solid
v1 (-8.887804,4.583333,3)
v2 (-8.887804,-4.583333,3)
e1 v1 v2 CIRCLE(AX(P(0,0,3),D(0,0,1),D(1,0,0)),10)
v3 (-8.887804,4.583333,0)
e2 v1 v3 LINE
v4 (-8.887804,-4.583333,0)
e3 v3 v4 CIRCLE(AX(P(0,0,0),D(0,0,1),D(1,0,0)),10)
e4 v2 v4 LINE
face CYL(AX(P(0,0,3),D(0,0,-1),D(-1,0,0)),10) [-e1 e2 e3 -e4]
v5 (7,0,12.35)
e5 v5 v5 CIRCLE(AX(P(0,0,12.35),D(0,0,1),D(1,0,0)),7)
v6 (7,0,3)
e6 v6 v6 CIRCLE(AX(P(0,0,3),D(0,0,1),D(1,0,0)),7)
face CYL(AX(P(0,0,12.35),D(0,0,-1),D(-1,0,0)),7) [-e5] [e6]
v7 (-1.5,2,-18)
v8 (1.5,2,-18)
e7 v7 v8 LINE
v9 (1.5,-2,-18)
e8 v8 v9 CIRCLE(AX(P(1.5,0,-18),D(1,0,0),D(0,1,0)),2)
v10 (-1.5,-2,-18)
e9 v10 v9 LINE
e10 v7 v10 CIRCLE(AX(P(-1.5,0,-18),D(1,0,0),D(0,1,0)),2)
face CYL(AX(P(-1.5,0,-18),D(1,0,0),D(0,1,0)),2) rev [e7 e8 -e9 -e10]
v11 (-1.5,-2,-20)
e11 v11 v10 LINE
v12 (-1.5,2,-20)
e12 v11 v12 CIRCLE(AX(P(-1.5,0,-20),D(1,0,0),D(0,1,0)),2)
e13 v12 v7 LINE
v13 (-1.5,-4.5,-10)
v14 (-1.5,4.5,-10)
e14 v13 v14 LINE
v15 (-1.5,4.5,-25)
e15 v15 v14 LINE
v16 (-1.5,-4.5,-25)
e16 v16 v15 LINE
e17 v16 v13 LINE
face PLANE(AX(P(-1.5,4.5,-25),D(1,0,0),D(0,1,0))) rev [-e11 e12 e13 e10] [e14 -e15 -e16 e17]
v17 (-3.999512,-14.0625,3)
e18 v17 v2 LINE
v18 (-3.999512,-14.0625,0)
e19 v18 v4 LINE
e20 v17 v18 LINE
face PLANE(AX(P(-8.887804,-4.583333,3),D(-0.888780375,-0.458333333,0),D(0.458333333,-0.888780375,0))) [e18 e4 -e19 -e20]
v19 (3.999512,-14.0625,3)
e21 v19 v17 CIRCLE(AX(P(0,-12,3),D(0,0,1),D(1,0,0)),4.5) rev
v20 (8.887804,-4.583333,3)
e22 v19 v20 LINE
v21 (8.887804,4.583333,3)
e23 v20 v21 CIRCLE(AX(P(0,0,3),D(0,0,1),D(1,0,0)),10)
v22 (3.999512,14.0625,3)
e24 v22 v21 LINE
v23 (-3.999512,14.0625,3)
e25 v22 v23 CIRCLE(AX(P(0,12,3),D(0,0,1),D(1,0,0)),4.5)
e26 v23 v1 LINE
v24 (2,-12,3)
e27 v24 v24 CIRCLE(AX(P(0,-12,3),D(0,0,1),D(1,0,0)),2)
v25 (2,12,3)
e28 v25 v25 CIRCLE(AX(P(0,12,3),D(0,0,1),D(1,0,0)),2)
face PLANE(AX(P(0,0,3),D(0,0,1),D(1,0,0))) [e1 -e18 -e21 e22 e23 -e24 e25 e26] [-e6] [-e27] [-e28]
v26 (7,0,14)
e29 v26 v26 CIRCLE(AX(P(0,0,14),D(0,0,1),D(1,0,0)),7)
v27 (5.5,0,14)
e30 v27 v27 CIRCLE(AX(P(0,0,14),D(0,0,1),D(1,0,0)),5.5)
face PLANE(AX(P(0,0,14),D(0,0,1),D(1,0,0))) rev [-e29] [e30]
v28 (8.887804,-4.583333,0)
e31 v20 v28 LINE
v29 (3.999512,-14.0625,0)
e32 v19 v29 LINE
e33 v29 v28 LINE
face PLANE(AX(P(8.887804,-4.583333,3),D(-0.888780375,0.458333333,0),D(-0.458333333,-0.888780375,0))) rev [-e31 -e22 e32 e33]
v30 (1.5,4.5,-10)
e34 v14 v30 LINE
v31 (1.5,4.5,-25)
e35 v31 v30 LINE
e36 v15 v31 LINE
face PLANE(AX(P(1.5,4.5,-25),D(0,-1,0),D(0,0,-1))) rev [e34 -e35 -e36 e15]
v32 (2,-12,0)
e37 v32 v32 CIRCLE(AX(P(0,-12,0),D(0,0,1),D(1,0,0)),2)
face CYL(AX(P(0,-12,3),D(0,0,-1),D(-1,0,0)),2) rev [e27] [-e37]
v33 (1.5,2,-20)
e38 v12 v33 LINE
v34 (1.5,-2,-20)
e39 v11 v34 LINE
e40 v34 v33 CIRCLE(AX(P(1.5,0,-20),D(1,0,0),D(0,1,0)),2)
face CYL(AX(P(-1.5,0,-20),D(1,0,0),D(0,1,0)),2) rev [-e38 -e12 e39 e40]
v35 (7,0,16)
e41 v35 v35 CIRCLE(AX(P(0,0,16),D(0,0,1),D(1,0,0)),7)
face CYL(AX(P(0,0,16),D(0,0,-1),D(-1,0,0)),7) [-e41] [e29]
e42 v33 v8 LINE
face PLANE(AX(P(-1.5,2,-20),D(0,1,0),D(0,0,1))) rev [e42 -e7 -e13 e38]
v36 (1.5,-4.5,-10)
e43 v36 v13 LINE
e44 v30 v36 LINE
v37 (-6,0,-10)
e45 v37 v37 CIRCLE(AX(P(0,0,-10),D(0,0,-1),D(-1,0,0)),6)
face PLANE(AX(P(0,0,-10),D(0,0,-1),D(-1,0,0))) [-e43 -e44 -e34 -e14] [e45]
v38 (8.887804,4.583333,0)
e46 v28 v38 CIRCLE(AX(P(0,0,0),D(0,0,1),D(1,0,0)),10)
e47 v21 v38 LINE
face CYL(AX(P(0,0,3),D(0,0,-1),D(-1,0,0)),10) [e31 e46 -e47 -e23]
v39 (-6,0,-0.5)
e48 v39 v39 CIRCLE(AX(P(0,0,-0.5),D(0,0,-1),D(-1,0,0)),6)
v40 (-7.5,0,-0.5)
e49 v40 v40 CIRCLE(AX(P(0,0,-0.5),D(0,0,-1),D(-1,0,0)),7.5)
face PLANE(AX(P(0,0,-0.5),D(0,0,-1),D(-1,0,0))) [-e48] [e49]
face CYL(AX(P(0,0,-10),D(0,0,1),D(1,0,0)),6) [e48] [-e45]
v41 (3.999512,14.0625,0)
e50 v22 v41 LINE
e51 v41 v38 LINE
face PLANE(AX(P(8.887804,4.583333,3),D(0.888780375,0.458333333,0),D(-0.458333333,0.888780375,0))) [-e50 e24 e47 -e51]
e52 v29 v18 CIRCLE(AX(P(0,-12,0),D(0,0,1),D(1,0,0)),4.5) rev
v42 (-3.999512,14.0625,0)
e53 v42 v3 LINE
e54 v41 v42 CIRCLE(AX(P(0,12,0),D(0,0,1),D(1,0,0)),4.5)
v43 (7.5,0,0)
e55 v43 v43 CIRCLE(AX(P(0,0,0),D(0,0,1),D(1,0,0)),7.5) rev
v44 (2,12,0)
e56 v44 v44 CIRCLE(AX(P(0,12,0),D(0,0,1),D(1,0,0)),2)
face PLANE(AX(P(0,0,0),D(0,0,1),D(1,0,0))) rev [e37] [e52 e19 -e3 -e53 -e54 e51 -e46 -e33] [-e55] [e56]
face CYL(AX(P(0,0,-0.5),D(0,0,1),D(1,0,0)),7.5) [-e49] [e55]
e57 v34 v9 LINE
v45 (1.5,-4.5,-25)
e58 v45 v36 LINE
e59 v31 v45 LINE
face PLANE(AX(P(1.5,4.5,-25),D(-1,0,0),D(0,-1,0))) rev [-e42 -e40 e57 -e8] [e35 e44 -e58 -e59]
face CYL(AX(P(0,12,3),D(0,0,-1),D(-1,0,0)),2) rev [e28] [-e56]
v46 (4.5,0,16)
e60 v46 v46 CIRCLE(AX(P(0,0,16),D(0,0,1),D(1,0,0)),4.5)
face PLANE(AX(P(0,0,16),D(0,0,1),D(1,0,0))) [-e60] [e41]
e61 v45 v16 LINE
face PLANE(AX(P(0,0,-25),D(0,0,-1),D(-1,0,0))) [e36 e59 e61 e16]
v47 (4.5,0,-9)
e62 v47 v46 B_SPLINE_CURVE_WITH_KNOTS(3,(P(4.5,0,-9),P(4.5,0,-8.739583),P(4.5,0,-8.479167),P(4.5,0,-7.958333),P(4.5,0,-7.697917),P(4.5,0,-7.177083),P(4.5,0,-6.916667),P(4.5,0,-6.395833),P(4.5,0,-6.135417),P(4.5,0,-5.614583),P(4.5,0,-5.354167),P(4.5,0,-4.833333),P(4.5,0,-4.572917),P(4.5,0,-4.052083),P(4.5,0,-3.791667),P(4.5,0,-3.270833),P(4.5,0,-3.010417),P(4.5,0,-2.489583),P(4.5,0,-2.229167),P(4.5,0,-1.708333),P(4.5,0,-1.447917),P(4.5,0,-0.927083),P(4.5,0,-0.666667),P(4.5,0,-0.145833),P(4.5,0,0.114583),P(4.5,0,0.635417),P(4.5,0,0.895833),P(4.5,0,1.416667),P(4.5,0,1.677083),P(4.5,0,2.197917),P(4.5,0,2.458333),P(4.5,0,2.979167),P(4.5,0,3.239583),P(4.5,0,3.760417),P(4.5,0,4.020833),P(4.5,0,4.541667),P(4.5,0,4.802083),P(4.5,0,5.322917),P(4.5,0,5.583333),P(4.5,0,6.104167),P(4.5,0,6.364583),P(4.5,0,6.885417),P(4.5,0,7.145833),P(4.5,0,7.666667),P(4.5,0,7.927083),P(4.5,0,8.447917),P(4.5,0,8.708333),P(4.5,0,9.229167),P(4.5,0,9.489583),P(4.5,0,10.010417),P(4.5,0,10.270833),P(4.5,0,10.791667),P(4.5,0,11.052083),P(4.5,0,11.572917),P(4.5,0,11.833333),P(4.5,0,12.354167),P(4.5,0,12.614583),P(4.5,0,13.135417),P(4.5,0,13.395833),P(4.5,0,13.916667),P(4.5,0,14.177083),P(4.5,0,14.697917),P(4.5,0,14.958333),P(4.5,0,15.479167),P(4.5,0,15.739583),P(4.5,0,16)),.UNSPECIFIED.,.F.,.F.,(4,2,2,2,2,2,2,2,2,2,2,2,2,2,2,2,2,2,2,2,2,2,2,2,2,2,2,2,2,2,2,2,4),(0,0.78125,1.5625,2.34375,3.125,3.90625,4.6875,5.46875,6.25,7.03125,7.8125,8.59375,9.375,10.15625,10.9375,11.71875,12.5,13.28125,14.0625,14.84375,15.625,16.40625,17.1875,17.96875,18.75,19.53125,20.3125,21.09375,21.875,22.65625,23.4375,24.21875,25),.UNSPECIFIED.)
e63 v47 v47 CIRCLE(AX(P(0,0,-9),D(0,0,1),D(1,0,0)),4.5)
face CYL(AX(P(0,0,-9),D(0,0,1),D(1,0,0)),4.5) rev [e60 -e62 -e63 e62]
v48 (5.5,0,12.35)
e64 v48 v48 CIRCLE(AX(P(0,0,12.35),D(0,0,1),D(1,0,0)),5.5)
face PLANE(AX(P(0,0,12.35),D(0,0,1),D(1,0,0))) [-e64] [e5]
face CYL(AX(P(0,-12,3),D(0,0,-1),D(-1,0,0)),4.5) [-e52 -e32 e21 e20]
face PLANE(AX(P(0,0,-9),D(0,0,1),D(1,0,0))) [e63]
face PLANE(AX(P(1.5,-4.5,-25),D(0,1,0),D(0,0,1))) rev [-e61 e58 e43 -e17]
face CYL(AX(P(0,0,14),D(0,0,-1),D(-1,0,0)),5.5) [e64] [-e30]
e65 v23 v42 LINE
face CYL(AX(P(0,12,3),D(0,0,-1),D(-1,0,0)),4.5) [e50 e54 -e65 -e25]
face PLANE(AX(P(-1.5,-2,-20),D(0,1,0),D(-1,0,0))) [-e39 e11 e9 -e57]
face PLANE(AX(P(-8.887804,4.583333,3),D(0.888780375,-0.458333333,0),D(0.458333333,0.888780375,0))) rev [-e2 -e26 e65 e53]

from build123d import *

# Parameters (mm, degrees)
SKETCH1_R           = 2
BOSS_EXTRUDE1_DEPTH = 3
SKETCH2_R           = 7
BOSS_EXTRUDE2_DEPTH = 9.35
SKETCH3_R           = 7.5
BOSS_EXTRUDE3_DEPTH = 0.5
SKETCH4_W           = 3
SKETCH4_H           = 9
BOSS_EXTRUDE4_DEPTH = 24.5
SKETCH5_R           = 6
BOSS_EXTRUDE5_DEPTH = 9.5
SKETCH8_R           = 5.5
BOSS_EXTRUDE6_DEPTH = 1.65
SKETCH9_R           = 7
BOSS_EXTRUDE7_DEPTH = 2
SKETCH10_R          = 4.5
CUT_EXTRUDE1_DEPTH  = 25
CUT_EXTRUDE2_DEPTH  = 3


with BuildPart() as part:
    # Sketch1 → Boss-Extrude1 (new body)
    with BuildSketch(Plane.XY):
        with BuildLine():
            ThreePointArc((-3.999511648, -14.062500079), (-8.7e-08, -16.5), (3.999511568, -14.062500234))
            Line((3.999511568, -14.062500234), (8.887803753, -4.583333333))
            ThreePointArc((8.887803753, -4.583333333), (10, 0), (8.887803753, 4.583333333))
            Line((8.887803753, 4.583333333), (3.999511579, 14.062500214))
            ThreePointArc((3.999511579, 14.062500214), (-6.7e-08, 16.5), (-3.99951164, 14.062500095))
            Line((-3.99951164, 14.062500095), (-8.887803753, 4.583333333))
            ThreePointArc((-8.887803753, 4.583333333), (-10, 0), (-8.887803753, -4.583333333))
            Line((-8.887803753, -4.583333333), (-3.999511648, -14.062500079))
        make_face()
        with Locations((0, -12)):
            Circle(SKETCH1_R, mode=Mode.SUBTRACT)
        with Locations((0, 12)):
            Circle(SKETCH1_R, mode=Mode.SUBTRACT)
    extrude(amount=BOSS_EXTRUDE1_DEPTH)

    # Sketch2 → Boss-Extrude2 (add)
    with BuildSketch(Plane.XY.offset(3)):
        Circle(SKETCH2_R)
    extrude(amount=BOSS_EXTRUDE2_DEPTH)

    # Sketch3 → Boss-Extrude3 (add)
    with BuildSketch(Plane(origin=(0, 0, 0), x_dir=(-1, 0, 0), z_dir=(0, 0, -1))):
        with Locations(Location((0, 0, 0), (0, 0, 180))):
            Circle(SKETCH3_R)
    extrude(amount=BOSS_EXTRUDE3_DEPTH)

    # Sketch4 → Boss-Extrude4 (add)
    with BuildSketch(Plane(origin=(0, 0, -0.5), x_dir=(-1, 0, 0), z_dir=(0, 0, -1))):
        Rectangle(SKETCH4_W, SKETCH4_H)
    extrude(amount=BOSS_EXTRUDE4_DEPTH)

    # Sketch5 → Boss-Extrude5 (add)
    with BuildSketch(Plane(origin=(0, 0, -0.5), x_dir=(-1, 0, 0), z_dir=(0, 0, -1))):
        Circle(SKETCH5_R)
    extrude(amount=BOSS_EXTRUDE5_DEPTH)

    # Sketch8 → Boss-Extrude6 (add)
    with BuildSketch(Plane.XY.offset(12.35)):
        Circle(SKETCH8_R)
    extrude(amount=BOSS_EXTRUDE6_DEPTH)

    # Sketch9 → Boss-Extrude7 (add)
    with BuildSketch(Plane.XY.offset(14)):
        Circle(SKETCH9_R)
    extrude(amount=BOSS_EXTRUDE7_DEPTH)

    # Sketch10 → Cut-Extrude1 (cut)
    with BuildSketch(Plane.XY.offset(16)):
        Circle(SKETCH10_R)
    extrude(amount=-CUT_EXTRUDE1_DEPTH, mode=Mode.SUBTRACT)

    # Sketch15 → Cut-Extrude2 (cut)
    with BuildSketch(Plane(origin=(1.5, 0, 0), x_dir=(0, 0, -1), z_dir=(1, 0, 0))):
        with BuildLine():
            Line((20, -2), (18, -2))
            ThreePointArc((18, -2), (16, 0), (18, 2))
            Line((18, 2), (20, 2))
            ThreePointArc((20, 2), (22, 0), (20, -2))
        make_face()
    extrude(amount=-CUT_EXTRUDE2_DEPTH, mode=Mode.SUBTRACT)


solid = part.part
